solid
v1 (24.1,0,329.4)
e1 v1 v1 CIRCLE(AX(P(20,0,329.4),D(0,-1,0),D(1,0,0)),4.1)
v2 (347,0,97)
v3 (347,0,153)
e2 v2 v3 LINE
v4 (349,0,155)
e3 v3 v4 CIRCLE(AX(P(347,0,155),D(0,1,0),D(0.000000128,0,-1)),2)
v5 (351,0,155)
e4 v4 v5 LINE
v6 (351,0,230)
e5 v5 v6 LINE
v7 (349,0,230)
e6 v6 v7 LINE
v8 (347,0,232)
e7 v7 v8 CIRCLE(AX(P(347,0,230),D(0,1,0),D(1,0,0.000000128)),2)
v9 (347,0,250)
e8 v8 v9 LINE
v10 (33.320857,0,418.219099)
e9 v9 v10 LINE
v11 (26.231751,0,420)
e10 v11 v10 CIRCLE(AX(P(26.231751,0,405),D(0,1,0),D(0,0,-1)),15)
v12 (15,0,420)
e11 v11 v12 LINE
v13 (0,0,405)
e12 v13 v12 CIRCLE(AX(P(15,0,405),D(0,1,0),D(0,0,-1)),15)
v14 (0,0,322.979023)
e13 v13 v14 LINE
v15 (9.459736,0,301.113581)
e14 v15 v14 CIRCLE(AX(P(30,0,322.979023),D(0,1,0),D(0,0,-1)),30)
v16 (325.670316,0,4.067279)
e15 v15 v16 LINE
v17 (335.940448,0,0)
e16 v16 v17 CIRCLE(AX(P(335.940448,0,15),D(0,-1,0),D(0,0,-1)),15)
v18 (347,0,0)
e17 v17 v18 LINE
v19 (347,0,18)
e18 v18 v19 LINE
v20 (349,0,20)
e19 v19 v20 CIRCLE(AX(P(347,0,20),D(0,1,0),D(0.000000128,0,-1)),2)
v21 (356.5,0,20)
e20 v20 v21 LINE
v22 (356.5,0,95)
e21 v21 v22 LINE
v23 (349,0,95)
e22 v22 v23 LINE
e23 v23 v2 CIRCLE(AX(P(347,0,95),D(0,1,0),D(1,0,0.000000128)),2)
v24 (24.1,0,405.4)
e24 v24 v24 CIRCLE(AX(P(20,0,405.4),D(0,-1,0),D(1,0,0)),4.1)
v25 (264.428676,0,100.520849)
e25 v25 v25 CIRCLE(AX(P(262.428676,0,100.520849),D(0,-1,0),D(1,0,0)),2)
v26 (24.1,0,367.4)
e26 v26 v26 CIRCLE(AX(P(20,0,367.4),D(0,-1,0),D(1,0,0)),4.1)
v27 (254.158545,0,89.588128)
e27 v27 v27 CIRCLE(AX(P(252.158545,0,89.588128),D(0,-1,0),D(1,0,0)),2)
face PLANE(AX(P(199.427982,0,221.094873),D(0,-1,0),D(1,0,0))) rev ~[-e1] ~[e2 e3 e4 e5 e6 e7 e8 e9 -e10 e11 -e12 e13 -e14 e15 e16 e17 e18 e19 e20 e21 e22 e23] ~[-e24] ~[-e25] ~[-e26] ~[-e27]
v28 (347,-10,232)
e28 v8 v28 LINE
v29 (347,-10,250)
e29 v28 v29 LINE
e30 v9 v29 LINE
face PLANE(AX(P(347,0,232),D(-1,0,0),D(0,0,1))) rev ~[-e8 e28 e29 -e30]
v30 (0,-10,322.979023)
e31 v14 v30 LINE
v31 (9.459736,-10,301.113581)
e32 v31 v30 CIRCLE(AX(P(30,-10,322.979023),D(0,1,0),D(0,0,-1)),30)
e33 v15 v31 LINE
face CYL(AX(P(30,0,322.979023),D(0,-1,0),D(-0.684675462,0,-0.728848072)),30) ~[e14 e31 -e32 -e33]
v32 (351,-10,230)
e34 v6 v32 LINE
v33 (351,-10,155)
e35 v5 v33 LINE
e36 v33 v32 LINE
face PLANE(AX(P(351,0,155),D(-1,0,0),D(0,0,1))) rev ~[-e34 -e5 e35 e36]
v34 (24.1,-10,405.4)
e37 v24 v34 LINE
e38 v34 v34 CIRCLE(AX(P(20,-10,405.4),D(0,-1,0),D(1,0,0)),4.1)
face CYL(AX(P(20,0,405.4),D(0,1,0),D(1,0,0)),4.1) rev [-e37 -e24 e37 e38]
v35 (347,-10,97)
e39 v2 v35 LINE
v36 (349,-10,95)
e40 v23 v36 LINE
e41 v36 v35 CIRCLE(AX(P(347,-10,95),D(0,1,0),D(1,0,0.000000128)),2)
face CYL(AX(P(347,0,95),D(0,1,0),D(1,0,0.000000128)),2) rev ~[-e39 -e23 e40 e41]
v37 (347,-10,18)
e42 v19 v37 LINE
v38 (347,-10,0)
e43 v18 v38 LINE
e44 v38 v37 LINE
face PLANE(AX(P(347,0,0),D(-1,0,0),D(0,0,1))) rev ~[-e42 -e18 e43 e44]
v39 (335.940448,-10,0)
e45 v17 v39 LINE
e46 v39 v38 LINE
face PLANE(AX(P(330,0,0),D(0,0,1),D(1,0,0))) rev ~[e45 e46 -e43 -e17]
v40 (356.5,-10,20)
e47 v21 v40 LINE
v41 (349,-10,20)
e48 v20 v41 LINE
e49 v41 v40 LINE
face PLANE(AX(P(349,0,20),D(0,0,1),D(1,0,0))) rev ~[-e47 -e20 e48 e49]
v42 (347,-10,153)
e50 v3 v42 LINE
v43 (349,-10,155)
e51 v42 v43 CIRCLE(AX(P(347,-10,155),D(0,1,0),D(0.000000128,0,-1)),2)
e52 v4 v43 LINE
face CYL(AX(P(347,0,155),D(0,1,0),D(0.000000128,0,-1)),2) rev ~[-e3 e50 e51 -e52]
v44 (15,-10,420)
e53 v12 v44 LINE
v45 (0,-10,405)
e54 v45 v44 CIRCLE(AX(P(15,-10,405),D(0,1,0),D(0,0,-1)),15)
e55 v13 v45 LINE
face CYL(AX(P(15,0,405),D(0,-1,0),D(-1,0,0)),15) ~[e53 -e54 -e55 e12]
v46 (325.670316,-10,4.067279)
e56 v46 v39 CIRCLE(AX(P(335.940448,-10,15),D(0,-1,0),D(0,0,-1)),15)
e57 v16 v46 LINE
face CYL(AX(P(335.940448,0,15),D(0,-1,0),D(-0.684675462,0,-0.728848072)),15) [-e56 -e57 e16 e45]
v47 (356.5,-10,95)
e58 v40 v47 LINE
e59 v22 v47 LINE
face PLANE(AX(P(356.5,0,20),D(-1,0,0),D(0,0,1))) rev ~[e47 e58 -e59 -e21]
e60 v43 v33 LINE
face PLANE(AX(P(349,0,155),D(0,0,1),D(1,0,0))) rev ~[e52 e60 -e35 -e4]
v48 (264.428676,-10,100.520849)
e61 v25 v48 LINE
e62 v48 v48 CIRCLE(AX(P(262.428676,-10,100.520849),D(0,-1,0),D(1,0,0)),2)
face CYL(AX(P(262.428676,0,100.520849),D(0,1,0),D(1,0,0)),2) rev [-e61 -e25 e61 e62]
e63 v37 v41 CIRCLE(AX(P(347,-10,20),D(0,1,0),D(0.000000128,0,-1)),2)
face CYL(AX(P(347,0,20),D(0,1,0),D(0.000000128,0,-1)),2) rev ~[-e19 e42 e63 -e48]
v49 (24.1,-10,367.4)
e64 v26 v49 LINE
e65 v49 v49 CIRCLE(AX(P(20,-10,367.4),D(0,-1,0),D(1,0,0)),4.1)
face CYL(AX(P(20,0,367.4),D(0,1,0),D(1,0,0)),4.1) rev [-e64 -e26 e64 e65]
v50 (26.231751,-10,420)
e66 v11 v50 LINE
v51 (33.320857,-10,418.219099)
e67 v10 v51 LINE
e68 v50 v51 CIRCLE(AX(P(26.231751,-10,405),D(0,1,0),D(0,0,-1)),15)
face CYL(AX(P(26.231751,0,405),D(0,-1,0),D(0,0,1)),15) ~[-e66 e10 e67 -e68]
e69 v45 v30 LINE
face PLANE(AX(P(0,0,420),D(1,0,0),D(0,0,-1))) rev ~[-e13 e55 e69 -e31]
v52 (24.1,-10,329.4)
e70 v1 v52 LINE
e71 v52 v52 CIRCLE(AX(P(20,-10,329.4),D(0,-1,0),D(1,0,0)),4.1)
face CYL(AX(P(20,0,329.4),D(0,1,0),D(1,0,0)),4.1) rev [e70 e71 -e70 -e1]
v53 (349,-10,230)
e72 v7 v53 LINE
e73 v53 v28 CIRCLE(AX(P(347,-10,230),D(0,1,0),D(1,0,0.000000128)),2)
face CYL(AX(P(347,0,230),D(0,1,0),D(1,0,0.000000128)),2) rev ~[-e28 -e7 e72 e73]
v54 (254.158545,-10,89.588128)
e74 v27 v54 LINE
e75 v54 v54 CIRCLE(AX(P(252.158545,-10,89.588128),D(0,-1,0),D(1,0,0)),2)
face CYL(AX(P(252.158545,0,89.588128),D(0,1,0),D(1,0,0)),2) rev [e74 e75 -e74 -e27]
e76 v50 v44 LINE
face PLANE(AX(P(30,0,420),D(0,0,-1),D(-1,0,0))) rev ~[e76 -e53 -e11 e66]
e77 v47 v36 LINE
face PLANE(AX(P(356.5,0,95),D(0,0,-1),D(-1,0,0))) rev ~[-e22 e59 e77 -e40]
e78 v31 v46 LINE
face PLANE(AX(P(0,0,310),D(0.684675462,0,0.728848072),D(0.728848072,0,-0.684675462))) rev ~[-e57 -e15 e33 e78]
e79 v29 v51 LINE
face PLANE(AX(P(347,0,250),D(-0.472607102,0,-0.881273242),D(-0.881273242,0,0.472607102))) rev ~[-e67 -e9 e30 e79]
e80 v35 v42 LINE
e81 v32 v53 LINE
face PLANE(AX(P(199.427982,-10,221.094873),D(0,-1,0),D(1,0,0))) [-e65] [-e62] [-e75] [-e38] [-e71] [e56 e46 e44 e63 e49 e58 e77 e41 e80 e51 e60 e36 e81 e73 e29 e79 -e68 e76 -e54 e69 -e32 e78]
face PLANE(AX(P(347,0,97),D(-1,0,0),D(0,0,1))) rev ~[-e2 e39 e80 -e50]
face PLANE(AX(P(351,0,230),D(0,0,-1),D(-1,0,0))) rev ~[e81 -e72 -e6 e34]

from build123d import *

# Parameters (mm, degrees)
F0_R     = 2
F0_R_2   = 4.1
F1_DEPTH = 10
F2_R     = 30
F3_R     = 15


with BuildPart() as f1:
    # F0 (on Front) → F1 (new body)
    with BuildSketch(Plane.XZ):
        with BuildLine():
            Line((0, 310), (330, 0))
            Line((330, 0), (347, 0))
            Line((347, 0), (347, 18))
            ThreePointArc((347, 18), (345.585786, 21.414214), (349, 20))
            Line((349, 20), (356.5, 20))
            Line((356.5, 20), (356.5, 95))
            Line((356.5, 95), (349, 95))
            ThreePointArc((349, 95), (345.585786, 93.585786), (347, 97))
            Line((347, 97), (347, 153))
            ThreePointArc((347, 153), (345.585786, 156.414214), (349, 155))
            Line((349, 155), (351, 155))
            Line((351, 155), (351, 230))
            Line((351, 230), (349, 230))
            ThreePointArc((349, 230), (345.585786, 228.585786), (347, 232))
            Line((347, 232), (347, 250))
            Line((347, 250), (30, 420))
            Line((30, 420), (0, 420))
            Line((0, 420), (0, 310))
        make_face()
        with Locations((252.158545, 89.588128)):
            Circle(F0_R, mode=Mode.SUBTRACT)
        with Locations((262.428676, 100.520849)):
            Circle(F0_R, mode=Mode.SUBTRACT)
        with Locations((20, 329.4)):
            Circle(F0_R_2, mode=Mode.SUBTRACT)
        with Locations((20, 367.4)):
            Circle(F0_R_2, mode=Mode.SUBTRACT)
        with Locations((20, 405.4)):
            Circle(F0_R_2, mode=Mode.SUBTRACT)
    extrude(amount=F1_DEPTH)

    # F2
    f2_edges = [f1.edges().sort_by_distance(p)[0] for p in [
        (0, -5, 310),
    ]]
    fillet(f2_edges, radius=F2_R)

    # F3
    f3_edges = [f1.edges().sort_by_distance(p)[0] for p in [
        (0, -5, 420),
        (30, -5, 420),
        (330, -5, 0),
    ]]
    fillet(f3_edges, radius=F3_R)


solid = f1.part
